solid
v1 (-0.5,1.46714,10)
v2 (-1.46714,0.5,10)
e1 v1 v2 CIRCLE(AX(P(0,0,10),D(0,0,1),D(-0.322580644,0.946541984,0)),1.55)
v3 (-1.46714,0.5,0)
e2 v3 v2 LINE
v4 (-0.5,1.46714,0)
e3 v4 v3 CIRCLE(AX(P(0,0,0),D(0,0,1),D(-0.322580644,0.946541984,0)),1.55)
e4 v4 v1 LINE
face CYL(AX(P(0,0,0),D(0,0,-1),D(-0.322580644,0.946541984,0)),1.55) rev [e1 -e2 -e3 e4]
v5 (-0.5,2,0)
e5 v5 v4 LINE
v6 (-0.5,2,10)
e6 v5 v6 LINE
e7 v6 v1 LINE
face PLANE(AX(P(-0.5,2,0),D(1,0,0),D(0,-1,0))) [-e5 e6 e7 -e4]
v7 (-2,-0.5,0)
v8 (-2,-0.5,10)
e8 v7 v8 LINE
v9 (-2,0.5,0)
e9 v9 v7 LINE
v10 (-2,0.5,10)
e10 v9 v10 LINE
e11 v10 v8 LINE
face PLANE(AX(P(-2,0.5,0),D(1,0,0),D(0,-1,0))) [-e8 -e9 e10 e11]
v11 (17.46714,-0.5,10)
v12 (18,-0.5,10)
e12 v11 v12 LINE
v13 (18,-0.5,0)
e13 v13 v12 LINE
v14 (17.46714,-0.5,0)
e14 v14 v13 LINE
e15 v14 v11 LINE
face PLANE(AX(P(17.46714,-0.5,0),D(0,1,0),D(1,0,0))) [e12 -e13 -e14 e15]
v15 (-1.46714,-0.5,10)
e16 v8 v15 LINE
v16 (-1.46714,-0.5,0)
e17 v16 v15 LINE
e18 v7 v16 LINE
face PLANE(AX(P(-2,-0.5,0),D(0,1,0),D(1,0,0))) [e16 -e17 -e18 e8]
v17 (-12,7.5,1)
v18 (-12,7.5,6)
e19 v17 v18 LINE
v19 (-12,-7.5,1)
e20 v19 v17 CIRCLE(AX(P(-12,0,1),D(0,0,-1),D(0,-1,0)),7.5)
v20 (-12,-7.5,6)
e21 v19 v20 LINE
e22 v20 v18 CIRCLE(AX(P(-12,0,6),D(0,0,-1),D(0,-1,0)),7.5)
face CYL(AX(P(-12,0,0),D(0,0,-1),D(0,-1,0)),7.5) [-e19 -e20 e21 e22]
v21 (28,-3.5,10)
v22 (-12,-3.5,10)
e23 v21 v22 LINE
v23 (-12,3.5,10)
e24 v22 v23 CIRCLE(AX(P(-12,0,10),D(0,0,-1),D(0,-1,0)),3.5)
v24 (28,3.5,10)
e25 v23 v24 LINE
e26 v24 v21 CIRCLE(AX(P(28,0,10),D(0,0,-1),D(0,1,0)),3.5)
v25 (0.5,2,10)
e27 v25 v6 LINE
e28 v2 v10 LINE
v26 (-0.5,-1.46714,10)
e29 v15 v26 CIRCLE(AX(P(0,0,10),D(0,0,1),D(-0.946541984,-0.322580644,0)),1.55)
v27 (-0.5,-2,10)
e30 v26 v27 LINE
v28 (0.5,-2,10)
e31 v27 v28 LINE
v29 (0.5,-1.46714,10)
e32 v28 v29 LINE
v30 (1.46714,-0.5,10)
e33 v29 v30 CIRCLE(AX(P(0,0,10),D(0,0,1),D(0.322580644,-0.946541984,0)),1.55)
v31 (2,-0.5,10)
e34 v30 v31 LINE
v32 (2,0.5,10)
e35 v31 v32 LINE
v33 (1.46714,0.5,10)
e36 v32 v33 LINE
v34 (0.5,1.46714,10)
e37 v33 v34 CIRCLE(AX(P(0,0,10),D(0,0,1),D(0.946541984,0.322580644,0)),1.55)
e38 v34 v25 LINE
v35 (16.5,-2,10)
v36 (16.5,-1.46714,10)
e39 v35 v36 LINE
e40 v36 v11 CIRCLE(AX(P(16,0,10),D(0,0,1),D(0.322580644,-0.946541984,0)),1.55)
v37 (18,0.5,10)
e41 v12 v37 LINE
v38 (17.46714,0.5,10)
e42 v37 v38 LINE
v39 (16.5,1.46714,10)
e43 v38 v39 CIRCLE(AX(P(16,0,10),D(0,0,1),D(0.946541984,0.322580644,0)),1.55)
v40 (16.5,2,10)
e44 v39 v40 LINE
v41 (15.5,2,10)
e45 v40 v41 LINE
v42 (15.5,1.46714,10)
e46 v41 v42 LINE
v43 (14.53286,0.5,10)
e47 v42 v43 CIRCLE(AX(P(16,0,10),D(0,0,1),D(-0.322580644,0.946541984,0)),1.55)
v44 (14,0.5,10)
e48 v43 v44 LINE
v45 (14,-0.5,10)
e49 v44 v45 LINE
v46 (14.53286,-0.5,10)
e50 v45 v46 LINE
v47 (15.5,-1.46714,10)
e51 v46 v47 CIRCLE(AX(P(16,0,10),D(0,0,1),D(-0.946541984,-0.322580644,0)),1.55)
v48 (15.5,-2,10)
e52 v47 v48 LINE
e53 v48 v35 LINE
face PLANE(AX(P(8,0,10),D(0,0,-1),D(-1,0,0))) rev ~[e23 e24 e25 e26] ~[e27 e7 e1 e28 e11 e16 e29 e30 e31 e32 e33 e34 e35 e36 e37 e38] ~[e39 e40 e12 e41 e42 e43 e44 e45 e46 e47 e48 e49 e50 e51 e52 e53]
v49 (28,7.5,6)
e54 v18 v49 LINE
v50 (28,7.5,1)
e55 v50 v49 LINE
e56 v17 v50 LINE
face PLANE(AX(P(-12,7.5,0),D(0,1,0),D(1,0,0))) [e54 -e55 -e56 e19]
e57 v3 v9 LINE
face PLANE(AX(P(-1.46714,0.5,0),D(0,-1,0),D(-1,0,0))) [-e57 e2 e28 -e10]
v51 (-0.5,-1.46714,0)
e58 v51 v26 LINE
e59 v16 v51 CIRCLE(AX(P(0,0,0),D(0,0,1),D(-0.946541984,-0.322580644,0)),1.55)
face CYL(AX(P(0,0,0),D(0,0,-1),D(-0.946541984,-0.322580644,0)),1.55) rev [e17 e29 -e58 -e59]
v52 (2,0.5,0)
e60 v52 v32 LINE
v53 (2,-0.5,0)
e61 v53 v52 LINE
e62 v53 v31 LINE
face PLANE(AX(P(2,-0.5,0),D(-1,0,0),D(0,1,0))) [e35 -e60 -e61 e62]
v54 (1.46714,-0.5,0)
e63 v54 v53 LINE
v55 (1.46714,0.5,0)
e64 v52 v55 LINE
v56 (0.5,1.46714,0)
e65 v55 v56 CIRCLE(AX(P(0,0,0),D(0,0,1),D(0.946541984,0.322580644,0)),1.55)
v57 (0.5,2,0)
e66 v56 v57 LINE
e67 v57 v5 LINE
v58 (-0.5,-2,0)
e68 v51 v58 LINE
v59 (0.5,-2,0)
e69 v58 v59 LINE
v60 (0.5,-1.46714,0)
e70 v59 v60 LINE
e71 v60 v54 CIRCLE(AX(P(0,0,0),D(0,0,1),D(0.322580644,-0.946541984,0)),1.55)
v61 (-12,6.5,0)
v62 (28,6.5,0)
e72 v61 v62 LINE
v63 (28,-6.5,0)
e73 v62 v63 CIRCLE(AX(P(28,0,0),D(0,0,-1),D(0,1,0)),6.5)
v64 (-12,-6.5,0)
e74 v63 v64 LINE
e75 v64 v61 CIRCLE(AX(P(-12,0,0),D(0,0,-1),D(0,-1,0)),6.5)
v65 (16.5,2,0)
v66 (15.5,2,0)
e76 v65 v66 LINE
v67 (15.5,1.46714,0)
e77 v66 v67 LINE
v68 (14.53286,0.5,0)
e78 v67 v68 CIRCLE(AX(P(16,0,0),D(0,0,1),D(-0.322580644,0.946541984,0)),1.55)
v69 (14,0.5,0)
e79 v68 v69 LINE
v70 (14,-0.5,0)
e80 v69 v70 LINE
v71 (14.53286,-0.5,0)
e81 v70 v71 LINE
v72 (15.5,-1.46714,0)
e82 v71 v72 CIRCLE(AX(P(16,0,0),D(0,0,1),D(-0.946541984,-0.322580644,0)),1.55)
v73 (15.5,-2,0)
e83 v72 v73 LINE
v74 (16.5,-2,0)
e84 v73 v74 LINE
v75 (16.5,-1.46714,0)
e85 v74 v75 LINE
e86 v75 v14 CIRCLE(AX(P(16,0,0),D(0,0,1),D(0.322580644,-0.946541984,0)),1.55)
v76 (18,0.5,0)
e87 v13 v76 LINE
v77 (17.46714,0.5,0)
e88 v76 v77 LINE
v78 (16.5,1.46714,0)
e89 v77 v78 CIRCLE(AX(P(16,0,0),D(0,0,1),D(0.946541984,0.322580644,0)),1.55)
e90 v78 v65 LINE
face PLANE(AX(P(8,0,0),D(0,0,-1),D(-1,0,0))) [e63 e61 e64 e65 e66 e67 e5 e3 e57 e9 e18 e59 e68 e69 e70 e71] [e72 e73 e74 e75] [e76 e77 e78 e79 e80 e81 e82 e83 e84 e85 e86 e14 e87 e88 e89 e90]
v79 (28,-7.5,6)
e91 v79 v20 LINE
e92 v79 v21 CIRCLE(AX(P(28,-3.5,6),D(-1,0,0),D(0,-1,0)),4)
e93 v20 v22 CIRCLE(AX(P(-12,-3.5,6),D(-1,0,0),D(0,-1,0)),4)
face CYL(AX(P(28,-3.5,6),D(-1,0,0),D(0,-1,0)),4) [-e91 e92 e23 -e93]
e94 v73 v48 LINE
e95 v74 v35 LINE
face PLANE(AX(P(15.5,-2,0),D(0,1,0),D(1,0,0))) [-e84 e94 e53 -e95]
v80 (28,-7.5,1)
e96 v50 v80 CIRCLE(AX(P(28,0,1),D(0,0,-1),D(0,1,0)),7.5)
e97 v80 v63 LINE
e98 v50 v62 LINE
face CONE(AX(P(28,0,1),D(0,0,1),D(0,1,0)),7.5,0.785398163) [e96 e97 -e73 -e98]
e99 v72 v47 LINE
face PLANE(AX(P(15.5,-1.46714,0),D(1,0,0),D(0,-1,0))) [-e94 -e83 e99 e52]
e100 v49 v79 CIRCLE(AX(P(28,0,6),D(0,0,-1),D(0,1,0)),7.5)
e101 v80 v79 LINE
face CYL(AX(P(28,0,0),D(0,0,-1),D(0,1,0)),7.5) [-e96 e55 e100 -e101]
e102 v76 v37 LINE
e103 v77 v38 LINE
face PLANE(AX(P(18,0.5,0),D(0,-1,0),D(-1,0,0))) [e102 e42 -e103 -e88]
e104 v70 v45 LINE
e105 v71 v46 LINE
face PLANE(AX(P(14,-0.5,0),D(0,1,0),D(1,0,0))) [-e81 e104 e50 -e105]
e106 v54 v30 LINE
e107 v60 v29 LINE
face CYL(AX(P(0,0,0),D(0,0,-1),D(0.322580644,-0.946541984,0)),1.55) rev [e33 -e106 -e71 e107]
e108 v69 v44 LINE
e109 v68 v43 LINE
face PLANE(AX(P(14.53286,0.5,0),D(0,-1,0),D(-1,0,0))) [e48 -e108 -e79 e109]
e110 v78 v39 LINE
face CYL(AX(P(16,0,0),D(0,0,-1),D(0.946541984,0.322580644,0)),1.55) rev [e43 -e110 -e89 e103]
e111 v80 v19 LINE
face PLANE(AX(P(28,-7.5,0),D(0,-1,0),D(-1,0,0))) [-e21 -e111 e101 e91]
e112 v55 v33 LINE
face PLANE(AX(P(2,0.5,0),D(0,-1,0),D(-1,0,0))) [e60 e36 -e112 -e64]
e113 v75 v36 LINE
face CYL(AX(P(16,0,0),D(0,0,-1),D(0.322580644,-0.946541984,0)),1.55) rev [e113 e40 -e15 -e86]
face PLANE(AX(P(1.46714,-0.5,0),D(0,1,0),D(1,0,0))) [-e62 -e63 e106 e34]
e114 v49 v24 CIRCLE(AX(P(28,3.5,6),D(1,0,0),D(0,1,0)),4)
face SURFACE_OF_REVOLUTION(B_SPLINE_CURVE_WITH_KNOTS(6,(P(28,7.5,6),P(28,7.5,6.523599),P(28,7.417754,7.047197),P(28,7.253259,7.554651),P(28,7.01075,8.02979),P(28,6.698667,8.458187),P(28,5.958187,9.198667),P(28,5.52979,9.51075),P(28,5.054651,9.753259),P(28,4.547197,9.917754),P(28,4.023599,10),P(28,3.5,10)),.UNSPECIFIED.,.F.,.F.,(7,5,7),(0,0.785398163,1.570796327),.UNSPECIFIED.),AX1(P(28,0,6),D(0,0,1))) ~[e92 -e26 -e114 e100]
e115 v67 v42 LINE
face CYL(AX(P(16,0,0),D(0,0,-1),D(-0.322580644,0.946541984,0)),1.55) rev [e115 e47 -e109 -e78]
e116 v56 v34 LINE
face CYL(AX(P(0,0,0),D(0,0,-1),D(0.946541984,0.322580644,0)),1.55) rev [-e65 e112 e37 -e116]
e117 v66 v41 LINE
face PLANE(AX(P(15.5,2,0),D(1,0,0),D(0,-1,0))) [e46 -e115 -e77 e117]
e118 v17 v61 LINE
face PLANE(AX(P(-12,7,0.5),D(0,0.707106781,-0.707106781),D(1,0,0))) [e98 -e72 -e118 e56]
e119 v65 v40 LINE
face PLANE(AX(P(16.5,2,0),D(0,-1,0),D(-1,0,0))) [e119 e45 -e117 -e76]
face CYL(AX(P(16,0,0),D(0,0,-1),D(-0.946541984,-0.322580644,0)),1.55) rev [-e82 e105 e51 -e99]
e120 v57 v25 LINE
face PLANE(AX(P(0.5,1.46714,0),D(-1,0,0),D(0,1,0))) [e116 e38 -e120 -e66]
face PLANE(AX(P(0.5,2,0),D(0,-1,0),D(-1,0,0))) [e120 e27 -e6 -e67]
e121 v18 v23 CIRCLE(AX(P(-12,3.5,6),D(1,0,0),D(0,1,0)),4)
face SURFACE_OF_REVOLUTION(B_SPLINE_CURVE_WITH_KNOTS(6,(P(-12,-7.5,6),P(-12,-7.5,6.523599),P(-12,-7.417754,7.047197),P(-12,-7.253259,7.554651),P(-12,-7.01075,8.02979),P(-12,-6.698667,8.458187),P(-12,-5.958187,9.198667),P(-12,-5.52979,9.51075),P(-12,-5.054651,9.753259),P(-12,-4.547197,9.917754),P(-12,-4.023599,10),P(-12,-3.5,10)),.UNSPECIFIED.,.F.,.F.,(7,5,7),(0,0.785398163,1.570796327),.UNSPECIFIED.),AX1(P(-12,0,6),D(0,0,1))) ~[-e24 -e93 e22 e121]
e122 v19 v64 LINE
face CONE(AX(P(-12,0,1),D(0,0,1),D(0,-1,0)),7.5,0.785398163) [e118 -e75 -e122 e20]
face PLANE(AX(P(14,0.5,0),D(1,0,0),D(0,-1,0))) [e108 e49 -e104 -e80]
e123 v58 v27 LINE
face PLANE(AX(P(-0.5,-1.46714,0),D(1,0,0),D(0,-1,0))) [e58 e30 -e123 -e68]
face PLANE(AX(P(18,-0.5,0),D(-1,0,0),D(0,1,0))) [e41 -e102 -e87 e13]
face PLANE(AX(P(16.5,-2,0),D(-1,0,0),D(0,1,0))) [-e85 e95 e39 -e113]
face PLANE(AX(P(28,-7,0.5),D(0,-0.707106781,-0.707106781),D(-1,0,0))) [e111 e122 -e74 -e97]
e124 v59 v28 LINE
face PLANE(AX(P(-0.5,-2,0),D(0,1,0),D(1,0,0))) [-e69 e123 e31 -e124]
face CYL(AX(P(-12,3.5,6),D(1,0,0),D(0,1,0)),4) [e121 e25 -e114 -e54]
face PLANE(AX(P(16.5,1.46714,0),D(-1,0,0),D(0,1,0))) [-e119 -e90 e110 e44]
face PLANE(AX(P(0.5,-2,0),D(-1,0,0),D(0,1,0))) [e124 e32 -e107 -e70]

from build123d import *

# Parameters (mm, degrees)
BOSS_EXTRUDE1_DEPTH = 10
FILLET1_R           = 4
CHAMFER1_SIZE       = 1


with BuildPart() as part:
    # Sketch1 → Boss-Extrude1 (new body)
    with BuildSketch(Plane.XY):
        with BuildLine():
            Line((-12, 7.5), (28, 7.5))
            ThreePointArc((28, 7.5), (35.5, 0), (28, -7.5))
            Line((28, -7.5), (-12, -7.5))
            ThreePointArc((-12, -7.5), (-19.5, 0), (-12, 7.5))
        make_face()
        with BuildLine():
            Line((-0.5, -2), (0.5, -2))
            Line((0.5, -2), (0.5, -1.467140075))
            ThreePointArc((0.5, -1.467140075), (1.096015511, -1.096015511), (1.467140075, -0.5))
            Line((1.467140075, -0.5), (2, -0.5))
            Line((2, -0.5), (2, 0.5))
            Line((2, 0.5), (1.467140075, 0.5))
            ThreePointArc((1.467140075, 0.5), (1.096015511, 1.096015511), (0.5, 1.467140075))
            Line((0.5, 1.467140075), (0.5, 2))
            Line((0.5, 2), (-0.5, 2))
            Line((-0.5, 2), (-0.5, 1.467140075))
            ThreePointArc((-0.5, 1.467140075), (-1.096015511, 1.096015511), (-1.467140075, 0.5))
            Line((-1.467140075, 0.5), (-2, 0.5))
            Line((-2, 0.5), (-2, -0.5))
            Line((-2, -0.5), (-1.467140075, -0.5))
            ThreePointArc((-1.467140075, -0.5), (-1.096015511, -1.096015511), (-0.5, -1.467140075))
            Line((-0.5, -1.467140075), (-0.5, -2))
        make_face(mode=Mode.SUBTRACT)
        with BuildLine():
            Line((18, -0.5), (18, 0.5))
            Line((18, 0.5), (17.467140075, 0.5))
            ThreePointArc((17.467140075, 0.5), (17.096015511, 1.096015511), (16.5, 1.467140075))
            Line((16.5, 1.467140075), (16.5, 2))
            Line((16.5, 2), (15.5, 2))
            Line((15.5, 2), (15.5, 1.467140075))
            ThreePointArc((15.5, 1.467140075), (14.903984489, 1.096015511), (14.532859925, 0.5))
            Line((14.532859925, 0.5), (14, 0.5))
            Line((14, 0.5), (14, -0.5))
            Line((14, -0.5), (14.532859925, -0.5))
            ThreePointArc((14.532859925, -0.5), (14.903984489, -1.096015511), (15.5, -1.467140075))
            Line((15.5, -1.467140075), (15.5, -2))
            Line((15.5, -2), (16.5, -2))
            Line((16.5, -2), (16.5, -1.467140075))
            ThreePointArc((16.5, -1.467140075), (17.096015511, -1.096015511), (17.467140075, -0.5))
            Line((17.467140075, -0.5), (18, -0.5))
        make_face(mode=Mode.SUBTRACT)
    extrude(amount=BOSS_EXTRUDE1_DEPTH)

    # Fillet1
    fillet1_edges = [part.edges().sort_by_distance(p)[0] for p in [
        (35.5, 0, 10),
        (8, 7.5, 10),
        (-19.5, 0, 10),
        (8, -7.5, 10),
    ]]
    fillet(fillet1_edges, radius=FILLET1_R)

    # Chamfer1
    chamfer1_edges = [part.edges().sort_by_distance(p)[0] for p in [
        (8, 7.5, 0),
        (35.5, 0, 0),
        (8, -7.5, 0),
        (-19.5, 0, 0),
    ]]
    chamfer(chamfer1_edges, length=CHAMFER1_SIZE)


solid = part.part
